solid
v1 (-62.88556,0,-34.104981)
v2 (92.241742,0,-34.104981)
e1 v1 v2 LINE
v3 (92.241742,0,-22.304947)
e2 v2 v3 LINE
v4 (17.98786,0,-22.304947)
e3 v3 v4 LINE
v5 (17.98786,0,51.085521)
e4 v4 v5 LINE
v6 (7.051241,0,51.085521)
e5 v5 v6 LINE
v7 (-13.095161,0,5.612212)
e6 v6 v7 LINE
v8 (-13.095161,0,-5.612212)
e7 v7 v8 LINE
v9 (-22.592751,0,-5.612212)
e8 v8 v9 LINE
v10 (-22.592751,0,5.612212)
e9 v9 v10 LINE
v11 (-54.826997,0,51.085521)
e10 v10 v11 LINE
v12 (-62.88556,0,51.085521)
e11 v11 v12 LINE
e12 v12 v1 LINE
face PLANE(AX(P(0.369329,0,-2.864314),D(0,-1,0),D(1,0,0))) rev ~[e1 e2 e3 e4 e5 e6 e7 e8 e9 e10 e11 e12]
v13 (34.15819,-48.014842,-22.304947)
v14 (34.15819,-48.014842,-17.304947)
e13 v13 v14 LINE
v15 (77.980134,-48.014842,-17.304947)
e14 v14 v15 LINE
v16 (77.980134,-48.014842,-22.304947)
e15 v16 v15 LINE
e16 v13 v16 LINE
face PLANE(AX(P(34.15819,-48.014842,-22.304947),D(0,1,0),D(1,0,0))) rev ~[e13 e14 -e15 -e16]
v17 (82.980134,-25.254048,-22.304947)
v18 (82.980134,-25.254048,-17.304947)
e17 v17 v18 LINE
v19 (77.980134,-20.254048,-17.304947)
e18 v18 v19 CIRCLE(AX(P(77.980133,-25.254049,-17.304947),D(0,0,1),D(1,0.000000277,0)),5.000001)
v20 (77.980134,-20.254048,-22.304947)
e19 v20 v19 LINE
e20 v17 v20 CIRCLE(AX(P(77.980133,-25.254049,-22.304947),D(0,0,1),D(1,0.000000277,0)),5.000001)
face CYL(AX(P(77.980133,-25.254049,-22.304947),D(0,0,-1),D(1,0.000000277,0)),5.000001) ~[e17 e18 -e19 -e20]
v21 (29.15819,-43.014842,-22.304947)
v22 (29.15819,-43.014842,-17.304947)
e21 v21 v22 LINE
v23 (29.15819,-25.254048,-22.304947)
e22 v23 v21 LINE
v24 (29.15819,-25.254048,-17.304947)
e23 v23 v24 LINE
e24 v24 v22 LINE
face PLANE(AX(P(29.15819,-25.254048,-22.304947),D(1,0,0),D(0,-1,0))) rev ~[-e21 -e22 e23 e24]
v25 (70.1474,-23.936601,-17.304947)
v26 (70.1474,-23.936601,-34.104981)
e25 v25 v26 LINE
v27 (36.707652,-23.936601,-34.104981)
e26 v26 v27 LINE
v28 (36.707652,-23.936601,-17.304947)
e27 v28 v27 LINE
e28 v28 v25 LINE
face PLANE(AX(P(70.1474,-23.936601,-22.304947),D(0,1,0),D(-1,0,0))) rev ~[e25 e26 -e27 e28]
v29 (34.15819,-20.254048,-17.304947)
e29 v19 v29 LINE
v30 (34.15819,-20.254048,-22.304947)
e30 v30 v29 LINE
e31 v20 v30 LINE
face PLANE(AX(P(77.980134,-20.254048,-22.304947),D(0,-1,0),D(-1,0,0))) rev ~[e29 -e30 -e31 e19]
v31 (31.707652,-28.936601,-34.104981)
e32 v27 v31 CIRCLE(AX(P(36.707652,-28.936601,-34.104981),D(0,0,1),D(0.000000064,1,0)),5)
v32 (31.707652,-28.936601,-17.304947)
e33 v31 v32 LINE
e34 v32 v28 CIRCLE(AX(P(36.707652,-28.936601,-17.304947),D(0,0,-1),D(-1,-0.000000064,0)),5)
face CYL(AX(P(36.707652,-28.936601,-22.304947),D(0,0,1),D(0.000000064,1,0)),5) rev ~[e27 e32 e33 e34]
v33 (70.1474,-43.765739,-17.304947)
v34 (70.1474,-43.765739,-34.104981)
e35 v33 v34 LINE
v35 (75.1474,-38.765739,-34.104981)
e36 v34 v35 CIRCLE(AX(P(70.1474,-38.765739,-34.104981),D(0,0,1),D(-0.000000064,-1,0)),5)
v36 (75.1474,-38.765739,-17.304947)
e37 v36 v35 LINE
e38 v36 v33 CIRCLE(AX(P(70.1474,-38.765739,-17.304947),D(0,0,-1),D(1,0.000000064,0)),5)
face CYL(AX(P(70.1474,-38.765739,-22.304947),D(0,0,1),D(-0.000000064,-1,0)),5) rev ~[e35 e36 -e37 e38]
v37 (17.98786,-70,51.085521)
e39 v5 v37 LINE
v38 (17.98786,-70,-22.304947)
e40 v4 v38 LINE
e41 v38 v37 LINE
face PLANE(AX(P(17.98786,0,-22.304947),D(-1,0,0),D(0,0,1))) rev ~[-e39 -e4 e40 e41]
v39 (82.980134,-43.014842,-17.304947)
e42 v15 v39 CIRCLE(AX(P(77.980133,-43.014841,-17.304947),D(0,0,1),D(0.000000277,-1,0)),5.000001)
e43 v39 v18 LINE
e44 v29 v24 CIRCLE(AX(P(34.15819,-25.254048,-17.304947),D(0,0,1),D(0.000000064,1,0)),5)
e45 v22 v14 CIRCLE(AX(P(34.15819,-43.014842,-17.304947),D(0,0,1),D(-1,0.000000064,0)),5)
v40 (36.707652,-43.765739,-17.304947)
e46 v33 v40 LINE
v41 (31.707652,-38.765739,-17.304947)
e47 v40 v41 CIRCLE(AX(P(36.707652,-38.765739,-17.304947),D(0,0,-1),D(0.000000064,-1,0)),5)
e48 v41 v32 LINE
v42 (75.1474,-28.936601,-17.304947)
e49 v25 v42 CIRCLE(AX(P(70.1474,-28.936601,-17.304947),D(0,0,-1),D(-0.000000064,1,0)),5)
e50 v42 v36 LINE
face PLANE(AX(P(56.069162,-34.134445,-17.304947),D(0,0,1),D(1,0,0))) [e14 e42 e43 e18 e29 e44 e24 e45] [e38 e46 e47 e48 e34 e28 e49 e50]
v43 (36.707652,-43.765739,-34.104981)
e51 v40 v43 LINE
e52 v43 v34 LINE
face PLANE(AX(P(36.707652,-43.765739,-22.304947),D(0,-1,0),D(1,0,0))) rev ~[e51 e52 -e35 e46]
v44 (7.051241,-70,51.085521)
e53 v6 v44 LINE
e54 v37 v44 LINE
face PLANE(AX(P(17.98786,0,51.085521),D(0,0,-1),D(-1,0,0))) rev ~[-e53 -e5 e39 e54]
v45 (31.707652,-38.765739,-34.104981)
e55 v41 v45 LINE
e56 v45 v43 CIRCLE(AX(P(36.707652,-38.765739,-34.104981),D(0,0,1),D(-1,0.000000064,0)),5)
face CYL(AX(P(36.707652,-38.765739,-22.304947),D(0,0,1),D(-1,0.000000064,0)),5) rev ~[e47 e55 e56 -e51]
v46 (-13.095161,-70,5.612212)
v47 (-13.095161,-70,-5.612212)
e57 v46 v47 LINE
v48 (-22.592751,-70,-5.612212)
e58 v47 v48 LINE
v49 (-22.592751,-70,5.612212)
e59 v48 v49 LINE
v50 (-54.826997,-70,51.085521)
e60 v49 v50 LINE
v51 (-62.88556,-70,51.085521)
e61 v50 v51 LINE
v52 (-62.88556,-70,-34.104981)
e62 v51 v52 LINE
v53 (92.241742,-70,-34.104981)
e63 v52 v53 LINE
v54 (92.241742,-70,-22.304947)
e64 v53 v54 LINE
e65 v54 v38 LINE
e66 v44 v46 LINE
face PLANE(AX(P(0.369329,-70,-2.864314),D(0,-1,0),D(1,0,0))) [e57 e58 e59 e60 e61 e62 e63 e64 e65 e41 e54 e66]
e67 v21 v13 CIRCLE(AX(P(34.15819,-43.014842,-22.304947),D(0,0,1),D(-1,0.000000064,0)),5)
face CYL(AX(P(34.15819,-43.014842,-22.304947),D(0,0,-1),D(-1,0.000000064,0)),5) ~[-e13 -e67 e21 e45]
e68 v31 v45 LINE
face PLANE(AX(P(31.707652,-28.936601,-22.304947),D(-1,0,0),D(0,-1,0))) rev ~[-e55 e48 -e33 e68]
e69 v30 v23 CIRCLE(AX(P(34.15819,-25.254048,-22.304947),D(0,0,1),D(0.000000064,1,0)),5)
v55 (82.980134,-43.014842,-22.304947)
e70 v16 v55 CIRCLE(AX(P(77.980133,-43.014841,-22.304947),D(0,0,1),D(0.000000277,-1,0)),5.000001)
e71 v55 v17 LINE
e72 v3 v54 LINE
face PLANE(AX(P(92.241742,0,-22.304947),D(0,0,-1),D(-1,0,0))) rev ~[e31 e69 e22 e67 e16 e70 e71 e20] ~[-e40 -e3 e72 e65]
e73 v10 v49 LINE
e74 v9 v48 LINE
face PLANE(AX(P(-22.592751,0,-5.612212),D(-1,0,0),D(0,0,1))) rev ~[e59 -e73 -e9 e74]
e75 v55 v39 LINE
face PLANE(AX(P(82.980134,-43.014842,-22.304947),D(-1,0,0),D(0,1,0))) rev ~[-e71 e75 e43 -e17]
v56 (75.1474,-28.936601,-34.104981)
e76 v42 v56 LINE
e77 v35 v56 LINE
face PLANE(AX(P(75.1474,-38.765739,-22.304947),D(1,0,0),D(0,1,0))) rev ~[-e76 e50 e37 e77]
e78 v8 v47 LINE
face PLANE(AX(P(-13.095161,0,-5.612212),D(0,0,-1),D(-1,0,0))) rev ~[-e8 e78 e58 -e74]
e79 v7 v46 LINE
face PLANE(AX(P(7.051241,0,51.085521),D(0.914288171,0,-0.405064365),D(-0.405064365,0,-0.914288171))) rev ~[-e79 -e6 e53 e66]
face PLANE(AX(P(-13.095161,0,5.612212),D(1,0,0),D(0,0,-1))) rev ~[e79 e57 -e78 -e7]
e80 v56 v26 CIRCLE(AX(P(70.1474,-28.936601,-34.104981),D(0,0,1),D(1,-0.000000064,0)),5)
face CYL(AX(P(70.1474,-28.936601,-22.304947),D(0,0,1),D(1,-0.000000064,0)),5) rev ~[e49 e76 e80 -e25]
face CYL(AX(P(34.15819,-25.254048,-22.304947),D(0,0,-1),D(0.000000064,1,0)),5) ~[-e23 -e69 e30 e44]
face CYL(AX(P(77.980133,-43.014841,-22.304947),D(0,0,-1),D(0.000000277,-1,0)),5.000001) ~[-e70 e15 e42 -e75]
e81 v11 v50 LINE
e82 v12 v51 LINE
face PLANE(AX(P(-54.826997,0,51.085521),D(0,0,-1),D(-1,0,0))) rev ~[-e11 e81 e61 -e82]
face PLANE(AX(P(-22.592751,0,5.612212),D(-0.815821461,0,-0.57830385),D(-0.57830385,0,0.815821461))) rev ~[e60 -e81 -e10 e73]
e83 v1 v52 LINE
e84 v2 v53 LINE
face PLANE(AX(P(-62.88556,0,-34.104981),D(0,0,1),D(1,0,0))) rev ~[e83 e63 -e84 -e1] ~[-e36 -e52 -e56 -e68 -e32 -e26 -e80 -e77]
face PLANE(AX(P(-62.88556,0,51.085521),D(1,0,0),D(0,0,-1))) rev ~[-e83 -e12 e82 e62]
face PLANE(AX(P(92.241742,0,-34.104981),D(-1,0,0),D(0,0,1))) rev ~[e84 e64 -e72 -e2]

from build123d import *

# Parameters (mm, degrees)
F1_DEPTH = 70
F3_DEPTH = 5
F4_DEPTH = 25


with BuildPart() as f1:
    # F0 (on Front) → F1 (new body)
    with BuildSketch(Plane.XZ):
        Polygon((-54.826997, 51.085521), (-62.88556, 51.085521), (-62.88556, -34.104981), (92.241742, -34.104981), (92.241742, -22.304947), (17.98786, -22.304947), (17.98786, 51.085521), (7.051241, 51.085521), (-13.095161, 5.612212), (-13.095161, -5.612212), (-22.592751, -5.612212), (-22.592751, 5.612212), align=None)
    extrude(amount=F1_DEPTH)

    # F2 (on face) → F3 (join)
    with BuildSketch(Plane.XY.offset(-22.304947)):
        with BuildLine():
            Line((77.980134, -20.254048), (34.15819, -20.254048))
            ThreePointArc((34.15819, -20.254048), (30.622656, -21.718514), (29.15819, -25.254048))
            Line((29.15819, -25.254048), (29.15819, -43.014842))
            ThreePointArc((29.15819, -43.014842), (30.622656, -46.550376), (34.15819, -48.014842))
            Line((34.15819, -48.014842), (77.980134, -48.014842))
            ThreePointArc((77.980134, -48.014842), (81.515667, -46.550376), (82.980134, -43.014842))
            Line((82.980134, -43.014842), (82.980134, -25.254048))
            ThreePointArc((82.980134, -25.254048), (81.515667, -21.718514), (77.980134, -20.254048))
        make_face()
        with BuildLine():
            ThreePointArc((31.707652, -28.936601), (33.172118, -25.401067), (36.707652, -23.936601))
            Line((36.707652, -23.936601), (70.1474, -23.936601))
            ThreePointArc((70.1474, -23.936601), (73.682934, -25.401067), (75.1474, -28.936601))
            Line((75.1474, -28.936601), (75.1474, -38.765739))
            ThreePointArc((75.1474, -38.765739), (73.682934, -42.301273), (70.1474, -43.765739))
            Line((70.1474, -43.765739), (36.707652, -43.765739))
            ThreePointArc((36.707652, -43.765739), (33.172118, -42.301273), (31.707652, -38.765739))
            Line((31.707652, -38.765739), (31.707652, -28.936601))
        make_face(mode=Mode.SUBTRACT)
    extrude(amount=F3_DEPTH)

    # F3_face (on face) → F4 (cut)
    with BuildSketch(Plane(origin=(53.427526, -33.85117, -22.304947), x_dir=(1, 0, 0), z_dir=(0, 0, 1))):
        with BuildLine():
            Line((-21.719874, 4.914569), (-21.719874, -4.914569))
            ThreePointArc((-21.719874, -4.914569), (-20.255408, -8.450103), (-16.719874, -9.914569))
            Line((-16.719874, -9.914569), (16.719874, -9.914569))
            ThreePointArc((16.719874, -9.914569), (20.255408, -8.450103), (21.719874, -4.914569))
            Line((21.719874, -4.914569), (21.719874, 4.914569))
            ThreePointArc((21.719874, 4.914569), (20.255408, 8.450103), (16.719874, 9.914569))
            Line((16.719874, 9.914569), (-16.719874, 9.914569))
            ThreePointArc((-16.719874, 9.914569), (-20.255408, 8.450103), (-21.719874, 4.914569))
        make_face()
    extrude(amount=-F4_DEPTH, mode=Mode.SUBTRACT)


solid = f1.part
